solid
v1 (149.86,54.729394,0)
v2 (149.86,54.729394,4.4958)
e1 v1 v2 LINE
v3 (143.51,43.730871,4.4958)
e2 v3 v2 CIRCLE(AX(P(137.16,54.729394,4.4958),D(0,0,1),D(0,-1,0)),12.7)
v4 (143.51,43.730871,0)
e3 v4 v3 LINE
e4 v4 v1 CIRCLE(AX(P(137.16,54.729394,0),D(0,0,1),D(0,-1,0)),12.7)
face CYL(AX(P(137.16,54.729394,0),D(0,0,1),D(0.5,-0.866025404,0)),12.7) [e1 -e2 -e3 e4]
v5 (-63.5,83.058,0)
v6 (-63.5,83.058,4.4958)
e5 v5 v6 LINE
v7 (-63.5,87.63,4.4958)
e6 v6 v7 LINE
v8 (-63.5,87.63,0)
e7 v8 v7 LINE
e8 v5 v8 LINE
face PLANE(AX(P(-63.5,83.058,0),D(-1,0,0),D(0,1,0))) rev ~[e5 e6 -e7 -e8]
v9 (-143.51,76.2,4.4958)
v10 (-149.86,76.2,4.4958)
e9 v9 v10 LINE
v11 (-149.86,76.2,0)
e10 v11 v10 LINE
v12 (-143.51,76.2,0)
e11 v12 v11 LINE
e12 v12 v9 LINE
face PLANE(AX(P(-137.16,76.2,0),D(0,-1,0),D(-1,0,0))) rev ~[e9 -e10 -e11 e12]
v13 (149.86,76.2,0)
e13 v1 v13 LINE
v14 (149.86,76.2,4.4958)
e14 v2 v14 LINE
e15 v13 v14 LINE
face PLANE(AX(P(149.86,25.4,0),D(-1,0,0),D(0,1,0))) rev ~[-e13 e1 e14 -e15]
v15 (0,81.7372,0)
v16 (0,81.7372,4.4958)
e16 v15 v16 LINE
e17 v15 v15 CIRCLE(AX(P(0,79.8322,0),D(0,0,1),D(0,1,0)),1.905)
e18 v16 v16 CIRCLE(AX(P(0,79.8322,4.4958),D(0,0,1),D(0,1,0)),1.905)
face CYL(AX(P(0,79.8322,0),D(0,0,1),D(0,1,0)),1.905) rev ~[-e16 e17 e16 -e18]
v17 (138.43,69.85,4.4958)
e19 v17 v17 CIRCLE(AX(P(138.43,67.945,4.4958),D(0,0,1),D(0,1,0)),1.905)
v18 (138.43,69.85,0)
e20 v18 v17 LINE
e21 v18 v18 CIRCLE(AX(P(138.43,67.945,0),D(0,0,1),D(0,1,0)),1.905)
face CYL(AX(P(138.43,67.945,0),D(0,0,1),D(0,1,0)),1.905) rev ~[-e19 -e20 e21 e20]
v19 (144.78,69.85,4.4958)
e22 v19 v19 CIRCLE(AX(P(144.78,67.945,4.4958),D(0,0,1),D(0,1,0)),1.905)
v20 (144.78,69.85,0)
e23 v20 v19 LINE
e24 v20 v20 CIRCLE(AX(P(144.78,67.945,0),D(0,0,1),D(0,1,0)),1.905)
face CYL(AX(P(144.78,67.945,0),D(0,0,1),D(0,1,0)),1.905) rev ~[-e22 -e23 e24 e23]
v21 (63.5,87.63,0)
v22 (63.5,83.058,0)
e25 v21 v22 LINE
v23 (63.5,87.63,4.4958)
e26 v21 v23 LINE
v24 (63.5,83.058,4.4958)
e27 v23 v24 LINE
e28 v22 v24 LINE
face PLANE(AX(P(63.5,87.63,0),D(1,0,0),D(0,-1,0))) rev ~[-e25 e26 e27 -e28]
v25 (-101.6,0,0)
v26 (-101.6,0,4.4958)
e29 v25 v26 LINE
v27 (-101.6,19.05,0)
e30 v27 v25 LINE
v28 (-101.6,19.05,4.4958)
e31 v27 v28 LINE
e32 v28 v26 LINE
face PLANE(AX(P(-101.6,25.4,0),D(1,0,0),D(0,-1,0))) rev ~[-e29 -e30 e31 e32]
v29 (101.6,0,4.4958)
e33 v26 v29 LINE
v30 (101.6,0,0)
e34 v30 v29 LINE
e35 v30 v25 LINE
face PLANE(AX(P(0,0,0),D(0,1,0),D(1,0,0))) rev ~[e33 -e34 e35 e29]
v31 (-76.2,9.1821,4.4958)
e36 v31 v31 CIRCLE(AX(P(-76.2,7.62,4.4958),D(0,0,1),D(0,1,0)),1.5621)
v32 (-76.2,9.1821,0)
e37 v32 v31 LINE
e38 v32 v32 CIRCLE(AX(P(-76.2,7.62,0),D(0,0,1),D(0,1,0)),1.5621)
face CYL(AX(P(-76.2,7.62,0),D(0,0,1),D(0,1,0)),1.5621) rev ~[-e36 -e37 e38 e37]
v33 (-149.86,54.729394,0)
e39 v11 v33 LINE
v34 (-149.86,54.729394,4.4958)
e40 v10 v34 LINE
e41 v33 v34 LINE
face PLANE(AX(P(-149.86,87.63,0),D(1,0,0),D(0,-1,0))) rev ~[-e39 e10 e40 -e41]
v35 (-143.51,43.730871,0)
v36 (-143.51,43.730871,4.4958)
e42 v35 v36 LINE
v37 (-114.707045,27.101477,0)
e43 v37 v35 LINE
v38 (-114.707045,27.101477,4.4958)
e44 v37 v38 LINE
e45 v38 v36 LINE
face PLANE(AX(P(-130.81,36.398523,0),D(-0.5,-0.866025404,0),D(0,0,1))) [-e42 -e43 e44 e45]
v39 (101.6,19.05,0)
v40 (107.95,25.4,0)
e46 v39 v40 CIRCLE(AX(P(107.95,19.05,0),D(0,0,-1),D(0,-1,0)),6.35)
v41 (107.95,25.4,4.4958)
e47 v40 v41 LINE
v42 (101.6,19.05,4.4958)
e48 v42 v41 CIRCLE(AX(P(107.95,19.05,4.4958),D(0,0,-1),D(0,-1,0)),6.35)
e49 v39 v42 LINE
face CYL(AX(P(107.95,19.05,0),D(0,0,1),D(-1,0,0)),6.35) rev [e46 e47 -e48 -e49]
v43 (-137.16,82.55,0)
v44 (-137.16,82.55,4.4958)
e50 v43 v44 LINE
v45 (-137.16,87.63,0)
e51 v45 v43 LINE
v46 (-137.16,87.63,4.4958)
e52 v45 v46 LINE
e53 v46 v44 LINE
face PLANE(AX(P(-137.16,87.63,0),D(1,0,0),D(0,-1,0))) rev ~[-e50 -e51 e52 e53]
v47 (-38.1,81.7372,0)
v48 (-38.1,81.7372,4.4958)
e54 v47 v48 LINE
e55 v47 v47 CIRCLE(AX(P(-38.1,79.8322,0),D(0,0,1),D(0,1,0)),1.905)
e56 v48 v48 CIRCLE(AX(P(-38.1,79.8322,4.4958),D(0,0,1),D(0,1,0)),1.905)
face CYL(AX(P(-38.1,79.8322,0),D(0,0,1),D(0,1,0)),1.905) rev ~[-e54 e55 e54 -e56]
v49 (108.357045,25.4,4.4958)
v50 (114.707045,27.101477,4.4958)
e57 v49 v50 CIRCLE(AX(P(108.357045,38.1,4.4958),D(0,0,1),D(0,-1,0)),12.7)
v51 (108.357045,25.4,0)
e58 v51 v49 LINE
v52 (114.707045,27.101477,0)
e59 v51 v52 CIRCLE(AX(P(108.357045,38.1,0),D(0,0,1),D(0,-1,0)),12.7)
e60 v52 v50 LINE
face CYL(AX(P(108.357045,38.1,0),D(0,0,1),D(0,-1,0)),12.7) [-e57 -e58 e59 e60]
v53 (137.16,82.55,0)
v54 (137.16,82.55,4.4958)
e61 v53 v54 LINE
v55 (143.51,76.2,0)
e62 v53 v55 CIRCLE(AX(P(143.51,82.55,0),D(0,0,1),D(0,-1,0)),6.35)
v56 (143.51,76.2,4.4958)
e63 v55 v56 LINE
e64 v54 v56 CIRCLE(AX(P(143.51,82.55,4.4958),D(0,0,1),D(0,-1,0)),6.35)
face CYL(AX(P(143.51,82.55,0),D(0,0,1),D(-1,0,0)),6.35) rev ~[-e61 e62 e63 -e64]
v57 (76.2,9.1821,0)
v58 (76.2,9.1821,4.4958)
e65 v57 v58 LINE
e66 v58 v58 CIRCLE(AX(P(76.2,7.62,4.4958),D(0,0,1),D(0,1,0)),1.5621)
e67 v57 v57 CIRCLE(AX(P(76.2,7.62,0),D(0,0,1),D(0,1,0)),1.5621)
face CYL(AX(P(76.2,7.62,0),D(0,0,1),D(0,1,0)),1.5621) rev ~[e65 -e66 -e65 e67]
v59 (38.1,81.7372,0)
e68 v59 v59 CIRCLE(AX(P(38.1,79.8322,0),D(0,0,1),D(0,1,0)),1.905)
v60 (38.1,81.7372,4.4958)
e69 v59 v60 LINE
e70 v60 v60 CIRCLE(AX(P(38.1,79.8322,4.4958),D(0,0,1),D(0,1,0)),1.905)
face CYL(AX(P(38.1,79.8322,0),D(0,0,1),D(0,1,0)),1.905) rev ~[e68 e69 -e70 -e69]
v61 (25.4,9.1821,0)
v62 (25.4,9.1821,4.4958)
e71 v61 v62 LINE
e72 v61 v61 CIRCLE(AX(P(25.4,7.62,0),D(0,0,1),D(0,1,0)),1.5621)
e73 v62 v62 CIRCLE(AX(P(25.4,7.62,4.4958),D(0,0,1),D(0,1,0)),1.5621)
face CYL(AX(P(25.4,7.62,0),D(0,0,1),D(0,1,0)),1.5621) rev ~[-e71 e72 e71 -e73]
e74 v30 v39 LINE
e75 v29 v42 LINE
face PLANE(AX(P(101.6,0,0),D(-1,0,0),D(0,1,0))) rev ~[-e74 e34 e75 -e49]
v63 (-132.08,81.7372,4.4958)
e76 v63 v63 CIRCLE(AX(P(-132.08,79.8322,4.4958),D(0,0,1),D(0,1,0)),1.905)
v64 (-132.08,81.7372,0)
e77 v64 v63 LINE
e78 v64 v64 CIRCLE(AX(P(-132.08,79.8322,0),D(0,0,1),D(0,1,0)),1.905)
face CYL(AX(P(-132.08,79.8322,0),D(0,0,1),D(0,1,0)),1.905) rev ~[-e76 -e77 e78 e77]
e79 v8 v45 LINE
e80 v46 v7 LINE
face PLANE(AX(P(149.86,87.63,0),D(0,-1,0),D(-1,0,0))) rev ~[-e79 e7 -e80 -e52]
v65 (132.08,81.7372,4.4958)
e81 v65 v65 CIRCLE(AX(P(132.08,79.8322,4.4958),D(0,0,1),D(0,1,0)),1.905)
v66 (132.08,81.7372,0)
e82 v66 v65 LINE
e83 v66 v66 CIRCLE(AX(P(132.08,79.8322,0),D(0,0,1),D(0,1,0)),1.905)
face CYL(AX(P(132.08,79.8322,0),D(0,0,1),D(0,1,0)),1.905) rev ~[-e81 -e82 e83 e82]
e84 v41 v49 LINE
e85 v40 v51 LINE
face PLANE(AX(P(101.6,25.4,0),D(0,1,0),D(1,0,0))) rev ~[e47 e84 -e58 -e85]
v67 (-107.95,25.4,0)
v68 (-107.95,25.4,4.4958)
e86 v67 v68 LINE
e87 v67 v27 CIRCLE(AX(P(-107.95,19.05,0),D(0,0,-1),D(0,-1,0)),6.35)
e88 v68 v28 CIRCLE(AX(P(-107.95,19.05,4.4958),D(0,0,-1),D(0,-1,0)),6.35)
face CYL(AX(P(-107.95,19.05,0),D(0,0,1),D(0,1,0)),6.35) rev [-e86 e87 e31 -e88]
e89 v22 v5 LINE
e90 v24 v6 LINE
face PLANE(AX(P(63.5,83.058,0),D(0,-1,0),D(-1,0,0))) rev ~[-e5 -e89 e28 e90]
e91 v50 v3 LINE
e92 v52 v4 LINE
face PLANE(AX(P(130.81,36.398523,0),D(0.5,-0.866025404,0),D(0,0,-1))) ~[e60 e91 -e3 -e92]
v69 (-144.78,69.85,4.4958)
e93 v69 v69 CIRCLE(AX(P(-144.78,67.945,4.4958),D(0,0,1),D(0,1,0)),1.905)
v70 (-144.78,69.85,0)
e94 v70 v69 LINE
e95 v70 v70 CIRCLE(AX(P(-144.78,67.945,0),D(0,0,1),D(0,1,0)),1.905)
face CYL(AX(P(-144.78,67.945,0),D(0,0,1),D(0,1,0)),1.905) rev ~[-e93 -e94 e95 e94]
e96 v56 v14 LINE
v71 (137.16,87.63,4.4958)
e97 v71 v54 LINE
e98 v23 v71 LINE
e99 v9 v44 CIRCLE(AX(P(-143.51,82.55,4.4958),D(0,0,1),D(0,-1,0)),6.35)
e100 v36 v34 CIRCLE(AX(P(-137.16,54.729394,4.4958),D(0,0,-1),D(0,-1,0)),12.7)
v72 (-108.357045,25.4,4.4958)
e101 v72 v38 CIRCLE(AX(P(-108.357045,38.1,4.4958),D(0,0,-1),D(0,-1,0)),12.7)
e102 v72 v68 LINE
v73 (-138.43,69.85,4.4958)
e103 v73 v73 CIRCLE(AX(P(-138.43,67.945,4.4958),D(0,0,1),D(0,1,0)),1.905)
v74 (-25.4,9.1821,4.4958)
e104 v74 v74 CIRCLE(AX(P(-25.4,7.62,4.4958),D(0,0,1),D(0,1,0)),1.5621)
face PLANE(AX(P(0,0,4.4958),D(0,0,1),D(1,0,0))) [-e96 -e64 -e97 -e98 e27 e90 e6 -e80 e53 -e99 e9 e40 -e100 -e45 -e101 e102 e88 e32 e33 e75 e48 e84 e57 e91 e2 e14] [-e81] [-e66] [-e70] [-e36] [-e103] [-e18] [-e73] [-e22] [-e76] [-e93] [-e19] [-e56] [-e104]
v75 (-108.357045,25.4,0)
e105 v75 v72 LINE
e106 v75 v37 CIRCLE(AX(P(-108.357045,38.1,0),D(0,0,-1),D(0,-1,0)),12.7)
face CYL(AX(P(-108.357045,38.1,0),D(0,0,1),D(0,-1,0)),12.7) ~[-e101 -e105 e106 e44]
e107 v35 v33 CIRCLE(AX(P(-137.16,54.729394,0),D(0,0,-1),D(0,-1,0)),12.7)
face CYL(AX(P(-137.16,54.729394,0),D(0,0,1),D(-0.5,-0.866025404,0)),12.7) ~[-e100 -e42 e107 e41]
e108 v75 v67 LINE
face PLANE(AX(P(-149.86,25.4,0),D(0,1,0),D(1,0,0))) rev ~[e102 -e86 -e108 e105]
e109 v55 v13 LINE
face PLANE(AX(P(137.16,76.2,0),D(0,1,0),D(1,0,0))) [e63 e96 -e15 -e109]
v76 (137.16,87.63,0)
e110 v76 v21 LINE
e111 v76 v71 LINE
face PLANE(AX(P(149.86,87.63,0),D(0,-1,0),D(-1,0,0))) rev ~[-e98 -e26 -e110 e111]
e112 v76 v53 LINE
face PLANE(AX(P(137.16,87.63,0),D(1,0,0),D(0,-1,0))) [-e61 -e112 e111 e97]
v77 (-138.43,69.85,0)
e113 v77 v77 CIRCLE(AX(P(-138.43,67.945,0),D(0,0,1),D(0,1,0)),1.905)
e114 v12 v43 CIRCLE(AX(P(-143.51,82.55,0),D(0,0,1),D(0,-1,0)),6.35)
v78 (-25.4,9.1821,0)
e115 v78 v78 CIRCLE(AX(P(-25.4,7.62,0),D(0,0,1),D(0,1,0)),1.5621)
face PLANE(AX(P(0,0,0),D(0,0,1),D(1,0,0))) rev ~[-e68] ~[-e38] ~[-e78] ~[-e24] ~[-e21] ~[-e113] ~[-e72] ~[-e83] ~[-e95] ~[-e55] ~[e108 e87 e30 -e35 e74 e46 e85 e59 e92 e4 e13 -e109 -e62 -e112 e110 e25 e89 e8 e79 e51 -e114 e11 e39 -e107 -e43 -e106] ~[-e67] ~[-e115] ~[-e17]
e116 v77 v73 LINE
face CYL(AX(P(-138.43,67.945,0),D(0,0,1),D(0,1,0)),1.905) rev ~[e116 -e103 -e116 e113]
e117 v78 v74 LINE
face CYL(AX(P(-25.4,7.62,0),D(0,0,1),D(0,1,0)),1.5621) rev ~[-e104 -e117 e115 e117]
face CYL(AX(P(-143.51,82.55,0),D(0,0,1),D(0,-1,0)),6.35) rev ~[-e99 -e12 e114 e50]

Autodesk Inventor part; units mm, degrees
ref_plane "YZ Plane" through (0, 0, 0) normal (1, 0, 0) x (0, 1, 0)
ref_plane "XZ Plane" through (0, 0, 0) normal (0, 1, 0) x (-1, 0, 0)
ref_plane "XY Plane" through (0, 0, 0) normal (0, 0, 1) x (1, 0, 0)
sketch "Sketch1" plane through (0, 0, 0) normal (0, 0, 1) x (1, 0, 0)
  line L0 (0, 105.156) -> (0, -17.526) projected
  line L1 (-209.804, 0) -> (209.804, 0) projected
  line L2 (101.6, 25.4) -> (-101.6, 25.4)
  line L3 (-101.6, 25.4) -> (-101.6, 0)
  line L4 (-101.6, 0) -> (101.6, 0)
  line L5 (101.6, 0) -> (101.6, 25.4)
  line L6 (101.6, 25.4) -> (-101.6, 0) construction
  line L7 (-101.6, 25.4) -> (101.6, 0) construction
  line L8 (149.86, 87.63) -> (-149.86, 87.63)
  line L9 (-149.86, 87.63) -> (-149.86, 25.4)
  line L10 (-149.86, 25.4) -> (149.86, 25.4)
  line L11 (149.86, 25.4) -> (149.86, 87.63)
  line L12 (149.86, 87.63) -> (-149.86, 25.4) construction
  line L13 (-149.86, 87.63) -> (149.86, 25.4) construction
  point P0 (0, 0)
  point P1 (0, 12.7)
  point P2 (0, 56.515)
  point P3 (-76.2, 7.62)
  point P4 (-25.4, 7.62)
  point P5 (25.4, 7.62)
  point P6 (76.2, 7.62)
  point P7 (-132.08, 79.8322)
  point P8 (132.08, 79.8322)
  point P9 (0, 79.8322)
  point P10 (-38.1, 79.8322)
  point P11 (38.1, 79.8322)
  dimension "d0" = 203.2
  dimension "d1" = 25.4
  dimension "d2" = 0
  dimension "d5" = 25.4
  dimension "d6" = 50.8
  dimension "d7" = 7.62
  dimension "d8" = 25.4
  dimension "d9" = 50.8
  dimension "d30" = 132.08
  dimension "d31" = 132.08
  dimension "d32" = 79.8322
  dimension "d33" = 87.63
  dimension "d34" = 299.72
  dimension "d62" = 38.1
  dimension "d63" = 38.1
extrude "Extrusion1" add sketch "Sketch1" along normal blind 4.4958
hole "Hole1" at (-76.2, 7.62, 0) at (-25.4, 7.62, 0) at (25.4, 7.62, 0) at (76.2, 7.62, 0) direction (0, 0, 1) diameter 3.1242 end through all
hole "Hole2" at (-132.08, 79.8322, 0) at (132.08, 79.8322, 0) at (0, 79.8322, 0) at (-38.1, 79.8322, 0) at (38.1, 79.8322, 0) direction (0, 0, 1) diameter 3.81 end through all clearance for "Socket Head Cap Screw" size "#6" standard "Ansi Unified Screw Threads"
sketch "Sketch2" plane through (0, 0, 0) normal (0, 0, 1) x (1, 0, 0)
  circle A0 centre (132.08, 79.8322) radius 1.905 projected
  circle A1 centre (-132.08, 79.8322) radius 1.905 projected
  circle A2 centre (0, 79.8322) radius 1.905 projected
  circle A3 centre (25.4, 7.62) radius 1.5621 projected
  circle A4 centre (-76.2, 7.62) radius 1.5621 projected
  circle A5 centre (-25.4, 7.62) radius 1.5621 projected
  circle A6 centre (76.2, 7.62) radius 1.5621 projected
  line L0 (-101.6, 25.4) -> (-101.6, 0) projected
  line L1 (-101.6, 0) -> (101.6, 0) projected
  line L2 (101.6, 0) -> (101.6, 25.4) projected
  line L3 (101.6, 25.4) -> (149.86, 25.4) projected
  line L4 (149.86, 25.4) -> (149.86, 87.63) projected
  line L5 (149.86, 87.63) -> (-149.86, 87.63) projected
  line L6 (-149.86, 87.63) -> (-149.86, 25.4) projected
  line L7 (-149.86, 25.4) -> (-101.6, 25.4) projected
  line L8 (-149.86, 87.63) -> (-137.16, 87.63)
  line L9 (-137.16, 87.63) -> (-137.16, 76.2)
  line L10 (-137.16, 76.2) -> (-149.86, 76.2)
  line L11 (-149.86, 76.2) -> (-149.86, 87.63)
  line L12 (149.86, 87.63) -> (137.16, 87.63)
  line L13 (137.16, 87.63) -> (137.16, 76.2)
  line L14 (137.16, 76.2) -> (149.86, 76.2)
  line L15 (149.86, 76.2) -> (149.86, 87.63)
  line L16 (-149.86, 87.63) -> (-149.2523, 87.63)
  line L17 (-149.2523, 87.63) -> (-151.5626, 87.63)
  line L18 (-151.5626, 87.63) -> (-149.86, 87.63)
  point P0 (0, 0)
  point P1 (-144.78, 67.945)
  point P2 (144.78, 67.945)
  point P3 (-138.43, 67.945)
  point P4 (138.43, 67.945)
  dimension "d35" = 11.43
  dimension "d36" = 12.7
  dimension "d39" = 8.255
  dimension "d40" = 5.08
  dimension "d41" = 5.08
  dimension "d64" = 6.35
  dimension "d65" = 6.35
extrude "Extrusion2" cut sketch "Sketch2" along normal up to next contours L6 L5 L9 L10 | L14 L13 L5 L4
hole "Hole3" at (-144.78, 67.945, 0) at (144.78, 67.945, 0) at (-138.43, 67.945, 0) at (138.43, 67.945, 0) direction (0, 0, 1) diameter 3.81 end through all clearance for "Socket Head Cap Screw" size "#6" standard "Ansi Unified Screw Threads"
sketch "Sketch3" plane through (0, 0, 0) normal (0, 0, 1) x (1, 0, 0)
  line L0 (0, 105.156) -> (0, -17.526) projected
  line L1 (-209.804, 0) -> (209.804, 0) projected
  line L2 (137.16, 87.63) -> (-137.16, 87.63) projected
  line L3 (63.5, 83.058) -> (-63.5, 83.058)
  line L4 (-63.5, 83.058) -> (-63.5, 87.63)
  line L5 (-63.5, 87.63) -> (63.5, 87.63)
  line L6 (63.5, 87.63) -> (63.5, 83.058)
  line L7 (63.5, 83.058) -> (-63.5, 87.63) construction
  line L8 (-63.5, 83.058) -> (63.5, 87.63) construction
  point P0 (0, 0)
  point P1 (0, 85.344)
  dimension "d49" = 4.572
  dimension "d50" = 127
extrude "Extrusion3" cut sketch "Sketch3" along normal up to next
fillet "Fillet1" radius 6.35 2 edges at (-137.16, 76.2, 2.2479) (137.16, 76.2, 2.2479)
chamfer "Chamfer1" distance 38.1 angle 30 1 edges at (149.86, 25.4, 2.2479) measured on face at (117.6867, 25.4, 1.4986)
chamfer "Chamfer2" distance 38.1 angle 30 1 edges at (-149.86, 25.4, 2.2479) measured on face at (-133.7733, 25.4, 1.4986)
fillet "Fillet2" radius 12.7 4 edges at (-149.86, 47.397, 2.2479) (-111.76, 25.4, 2.2479) (111.76, 25.4, 2.2479) (149.86, 47.397, 2.2479)
fillet "Fillet3" radius 6.35 2 edges at (-101.6, 25.4, 2.2479) (101.6, 25.4, 2.2479)
properties material "DELRIN 100, BLACK (EXTRUDED)"
